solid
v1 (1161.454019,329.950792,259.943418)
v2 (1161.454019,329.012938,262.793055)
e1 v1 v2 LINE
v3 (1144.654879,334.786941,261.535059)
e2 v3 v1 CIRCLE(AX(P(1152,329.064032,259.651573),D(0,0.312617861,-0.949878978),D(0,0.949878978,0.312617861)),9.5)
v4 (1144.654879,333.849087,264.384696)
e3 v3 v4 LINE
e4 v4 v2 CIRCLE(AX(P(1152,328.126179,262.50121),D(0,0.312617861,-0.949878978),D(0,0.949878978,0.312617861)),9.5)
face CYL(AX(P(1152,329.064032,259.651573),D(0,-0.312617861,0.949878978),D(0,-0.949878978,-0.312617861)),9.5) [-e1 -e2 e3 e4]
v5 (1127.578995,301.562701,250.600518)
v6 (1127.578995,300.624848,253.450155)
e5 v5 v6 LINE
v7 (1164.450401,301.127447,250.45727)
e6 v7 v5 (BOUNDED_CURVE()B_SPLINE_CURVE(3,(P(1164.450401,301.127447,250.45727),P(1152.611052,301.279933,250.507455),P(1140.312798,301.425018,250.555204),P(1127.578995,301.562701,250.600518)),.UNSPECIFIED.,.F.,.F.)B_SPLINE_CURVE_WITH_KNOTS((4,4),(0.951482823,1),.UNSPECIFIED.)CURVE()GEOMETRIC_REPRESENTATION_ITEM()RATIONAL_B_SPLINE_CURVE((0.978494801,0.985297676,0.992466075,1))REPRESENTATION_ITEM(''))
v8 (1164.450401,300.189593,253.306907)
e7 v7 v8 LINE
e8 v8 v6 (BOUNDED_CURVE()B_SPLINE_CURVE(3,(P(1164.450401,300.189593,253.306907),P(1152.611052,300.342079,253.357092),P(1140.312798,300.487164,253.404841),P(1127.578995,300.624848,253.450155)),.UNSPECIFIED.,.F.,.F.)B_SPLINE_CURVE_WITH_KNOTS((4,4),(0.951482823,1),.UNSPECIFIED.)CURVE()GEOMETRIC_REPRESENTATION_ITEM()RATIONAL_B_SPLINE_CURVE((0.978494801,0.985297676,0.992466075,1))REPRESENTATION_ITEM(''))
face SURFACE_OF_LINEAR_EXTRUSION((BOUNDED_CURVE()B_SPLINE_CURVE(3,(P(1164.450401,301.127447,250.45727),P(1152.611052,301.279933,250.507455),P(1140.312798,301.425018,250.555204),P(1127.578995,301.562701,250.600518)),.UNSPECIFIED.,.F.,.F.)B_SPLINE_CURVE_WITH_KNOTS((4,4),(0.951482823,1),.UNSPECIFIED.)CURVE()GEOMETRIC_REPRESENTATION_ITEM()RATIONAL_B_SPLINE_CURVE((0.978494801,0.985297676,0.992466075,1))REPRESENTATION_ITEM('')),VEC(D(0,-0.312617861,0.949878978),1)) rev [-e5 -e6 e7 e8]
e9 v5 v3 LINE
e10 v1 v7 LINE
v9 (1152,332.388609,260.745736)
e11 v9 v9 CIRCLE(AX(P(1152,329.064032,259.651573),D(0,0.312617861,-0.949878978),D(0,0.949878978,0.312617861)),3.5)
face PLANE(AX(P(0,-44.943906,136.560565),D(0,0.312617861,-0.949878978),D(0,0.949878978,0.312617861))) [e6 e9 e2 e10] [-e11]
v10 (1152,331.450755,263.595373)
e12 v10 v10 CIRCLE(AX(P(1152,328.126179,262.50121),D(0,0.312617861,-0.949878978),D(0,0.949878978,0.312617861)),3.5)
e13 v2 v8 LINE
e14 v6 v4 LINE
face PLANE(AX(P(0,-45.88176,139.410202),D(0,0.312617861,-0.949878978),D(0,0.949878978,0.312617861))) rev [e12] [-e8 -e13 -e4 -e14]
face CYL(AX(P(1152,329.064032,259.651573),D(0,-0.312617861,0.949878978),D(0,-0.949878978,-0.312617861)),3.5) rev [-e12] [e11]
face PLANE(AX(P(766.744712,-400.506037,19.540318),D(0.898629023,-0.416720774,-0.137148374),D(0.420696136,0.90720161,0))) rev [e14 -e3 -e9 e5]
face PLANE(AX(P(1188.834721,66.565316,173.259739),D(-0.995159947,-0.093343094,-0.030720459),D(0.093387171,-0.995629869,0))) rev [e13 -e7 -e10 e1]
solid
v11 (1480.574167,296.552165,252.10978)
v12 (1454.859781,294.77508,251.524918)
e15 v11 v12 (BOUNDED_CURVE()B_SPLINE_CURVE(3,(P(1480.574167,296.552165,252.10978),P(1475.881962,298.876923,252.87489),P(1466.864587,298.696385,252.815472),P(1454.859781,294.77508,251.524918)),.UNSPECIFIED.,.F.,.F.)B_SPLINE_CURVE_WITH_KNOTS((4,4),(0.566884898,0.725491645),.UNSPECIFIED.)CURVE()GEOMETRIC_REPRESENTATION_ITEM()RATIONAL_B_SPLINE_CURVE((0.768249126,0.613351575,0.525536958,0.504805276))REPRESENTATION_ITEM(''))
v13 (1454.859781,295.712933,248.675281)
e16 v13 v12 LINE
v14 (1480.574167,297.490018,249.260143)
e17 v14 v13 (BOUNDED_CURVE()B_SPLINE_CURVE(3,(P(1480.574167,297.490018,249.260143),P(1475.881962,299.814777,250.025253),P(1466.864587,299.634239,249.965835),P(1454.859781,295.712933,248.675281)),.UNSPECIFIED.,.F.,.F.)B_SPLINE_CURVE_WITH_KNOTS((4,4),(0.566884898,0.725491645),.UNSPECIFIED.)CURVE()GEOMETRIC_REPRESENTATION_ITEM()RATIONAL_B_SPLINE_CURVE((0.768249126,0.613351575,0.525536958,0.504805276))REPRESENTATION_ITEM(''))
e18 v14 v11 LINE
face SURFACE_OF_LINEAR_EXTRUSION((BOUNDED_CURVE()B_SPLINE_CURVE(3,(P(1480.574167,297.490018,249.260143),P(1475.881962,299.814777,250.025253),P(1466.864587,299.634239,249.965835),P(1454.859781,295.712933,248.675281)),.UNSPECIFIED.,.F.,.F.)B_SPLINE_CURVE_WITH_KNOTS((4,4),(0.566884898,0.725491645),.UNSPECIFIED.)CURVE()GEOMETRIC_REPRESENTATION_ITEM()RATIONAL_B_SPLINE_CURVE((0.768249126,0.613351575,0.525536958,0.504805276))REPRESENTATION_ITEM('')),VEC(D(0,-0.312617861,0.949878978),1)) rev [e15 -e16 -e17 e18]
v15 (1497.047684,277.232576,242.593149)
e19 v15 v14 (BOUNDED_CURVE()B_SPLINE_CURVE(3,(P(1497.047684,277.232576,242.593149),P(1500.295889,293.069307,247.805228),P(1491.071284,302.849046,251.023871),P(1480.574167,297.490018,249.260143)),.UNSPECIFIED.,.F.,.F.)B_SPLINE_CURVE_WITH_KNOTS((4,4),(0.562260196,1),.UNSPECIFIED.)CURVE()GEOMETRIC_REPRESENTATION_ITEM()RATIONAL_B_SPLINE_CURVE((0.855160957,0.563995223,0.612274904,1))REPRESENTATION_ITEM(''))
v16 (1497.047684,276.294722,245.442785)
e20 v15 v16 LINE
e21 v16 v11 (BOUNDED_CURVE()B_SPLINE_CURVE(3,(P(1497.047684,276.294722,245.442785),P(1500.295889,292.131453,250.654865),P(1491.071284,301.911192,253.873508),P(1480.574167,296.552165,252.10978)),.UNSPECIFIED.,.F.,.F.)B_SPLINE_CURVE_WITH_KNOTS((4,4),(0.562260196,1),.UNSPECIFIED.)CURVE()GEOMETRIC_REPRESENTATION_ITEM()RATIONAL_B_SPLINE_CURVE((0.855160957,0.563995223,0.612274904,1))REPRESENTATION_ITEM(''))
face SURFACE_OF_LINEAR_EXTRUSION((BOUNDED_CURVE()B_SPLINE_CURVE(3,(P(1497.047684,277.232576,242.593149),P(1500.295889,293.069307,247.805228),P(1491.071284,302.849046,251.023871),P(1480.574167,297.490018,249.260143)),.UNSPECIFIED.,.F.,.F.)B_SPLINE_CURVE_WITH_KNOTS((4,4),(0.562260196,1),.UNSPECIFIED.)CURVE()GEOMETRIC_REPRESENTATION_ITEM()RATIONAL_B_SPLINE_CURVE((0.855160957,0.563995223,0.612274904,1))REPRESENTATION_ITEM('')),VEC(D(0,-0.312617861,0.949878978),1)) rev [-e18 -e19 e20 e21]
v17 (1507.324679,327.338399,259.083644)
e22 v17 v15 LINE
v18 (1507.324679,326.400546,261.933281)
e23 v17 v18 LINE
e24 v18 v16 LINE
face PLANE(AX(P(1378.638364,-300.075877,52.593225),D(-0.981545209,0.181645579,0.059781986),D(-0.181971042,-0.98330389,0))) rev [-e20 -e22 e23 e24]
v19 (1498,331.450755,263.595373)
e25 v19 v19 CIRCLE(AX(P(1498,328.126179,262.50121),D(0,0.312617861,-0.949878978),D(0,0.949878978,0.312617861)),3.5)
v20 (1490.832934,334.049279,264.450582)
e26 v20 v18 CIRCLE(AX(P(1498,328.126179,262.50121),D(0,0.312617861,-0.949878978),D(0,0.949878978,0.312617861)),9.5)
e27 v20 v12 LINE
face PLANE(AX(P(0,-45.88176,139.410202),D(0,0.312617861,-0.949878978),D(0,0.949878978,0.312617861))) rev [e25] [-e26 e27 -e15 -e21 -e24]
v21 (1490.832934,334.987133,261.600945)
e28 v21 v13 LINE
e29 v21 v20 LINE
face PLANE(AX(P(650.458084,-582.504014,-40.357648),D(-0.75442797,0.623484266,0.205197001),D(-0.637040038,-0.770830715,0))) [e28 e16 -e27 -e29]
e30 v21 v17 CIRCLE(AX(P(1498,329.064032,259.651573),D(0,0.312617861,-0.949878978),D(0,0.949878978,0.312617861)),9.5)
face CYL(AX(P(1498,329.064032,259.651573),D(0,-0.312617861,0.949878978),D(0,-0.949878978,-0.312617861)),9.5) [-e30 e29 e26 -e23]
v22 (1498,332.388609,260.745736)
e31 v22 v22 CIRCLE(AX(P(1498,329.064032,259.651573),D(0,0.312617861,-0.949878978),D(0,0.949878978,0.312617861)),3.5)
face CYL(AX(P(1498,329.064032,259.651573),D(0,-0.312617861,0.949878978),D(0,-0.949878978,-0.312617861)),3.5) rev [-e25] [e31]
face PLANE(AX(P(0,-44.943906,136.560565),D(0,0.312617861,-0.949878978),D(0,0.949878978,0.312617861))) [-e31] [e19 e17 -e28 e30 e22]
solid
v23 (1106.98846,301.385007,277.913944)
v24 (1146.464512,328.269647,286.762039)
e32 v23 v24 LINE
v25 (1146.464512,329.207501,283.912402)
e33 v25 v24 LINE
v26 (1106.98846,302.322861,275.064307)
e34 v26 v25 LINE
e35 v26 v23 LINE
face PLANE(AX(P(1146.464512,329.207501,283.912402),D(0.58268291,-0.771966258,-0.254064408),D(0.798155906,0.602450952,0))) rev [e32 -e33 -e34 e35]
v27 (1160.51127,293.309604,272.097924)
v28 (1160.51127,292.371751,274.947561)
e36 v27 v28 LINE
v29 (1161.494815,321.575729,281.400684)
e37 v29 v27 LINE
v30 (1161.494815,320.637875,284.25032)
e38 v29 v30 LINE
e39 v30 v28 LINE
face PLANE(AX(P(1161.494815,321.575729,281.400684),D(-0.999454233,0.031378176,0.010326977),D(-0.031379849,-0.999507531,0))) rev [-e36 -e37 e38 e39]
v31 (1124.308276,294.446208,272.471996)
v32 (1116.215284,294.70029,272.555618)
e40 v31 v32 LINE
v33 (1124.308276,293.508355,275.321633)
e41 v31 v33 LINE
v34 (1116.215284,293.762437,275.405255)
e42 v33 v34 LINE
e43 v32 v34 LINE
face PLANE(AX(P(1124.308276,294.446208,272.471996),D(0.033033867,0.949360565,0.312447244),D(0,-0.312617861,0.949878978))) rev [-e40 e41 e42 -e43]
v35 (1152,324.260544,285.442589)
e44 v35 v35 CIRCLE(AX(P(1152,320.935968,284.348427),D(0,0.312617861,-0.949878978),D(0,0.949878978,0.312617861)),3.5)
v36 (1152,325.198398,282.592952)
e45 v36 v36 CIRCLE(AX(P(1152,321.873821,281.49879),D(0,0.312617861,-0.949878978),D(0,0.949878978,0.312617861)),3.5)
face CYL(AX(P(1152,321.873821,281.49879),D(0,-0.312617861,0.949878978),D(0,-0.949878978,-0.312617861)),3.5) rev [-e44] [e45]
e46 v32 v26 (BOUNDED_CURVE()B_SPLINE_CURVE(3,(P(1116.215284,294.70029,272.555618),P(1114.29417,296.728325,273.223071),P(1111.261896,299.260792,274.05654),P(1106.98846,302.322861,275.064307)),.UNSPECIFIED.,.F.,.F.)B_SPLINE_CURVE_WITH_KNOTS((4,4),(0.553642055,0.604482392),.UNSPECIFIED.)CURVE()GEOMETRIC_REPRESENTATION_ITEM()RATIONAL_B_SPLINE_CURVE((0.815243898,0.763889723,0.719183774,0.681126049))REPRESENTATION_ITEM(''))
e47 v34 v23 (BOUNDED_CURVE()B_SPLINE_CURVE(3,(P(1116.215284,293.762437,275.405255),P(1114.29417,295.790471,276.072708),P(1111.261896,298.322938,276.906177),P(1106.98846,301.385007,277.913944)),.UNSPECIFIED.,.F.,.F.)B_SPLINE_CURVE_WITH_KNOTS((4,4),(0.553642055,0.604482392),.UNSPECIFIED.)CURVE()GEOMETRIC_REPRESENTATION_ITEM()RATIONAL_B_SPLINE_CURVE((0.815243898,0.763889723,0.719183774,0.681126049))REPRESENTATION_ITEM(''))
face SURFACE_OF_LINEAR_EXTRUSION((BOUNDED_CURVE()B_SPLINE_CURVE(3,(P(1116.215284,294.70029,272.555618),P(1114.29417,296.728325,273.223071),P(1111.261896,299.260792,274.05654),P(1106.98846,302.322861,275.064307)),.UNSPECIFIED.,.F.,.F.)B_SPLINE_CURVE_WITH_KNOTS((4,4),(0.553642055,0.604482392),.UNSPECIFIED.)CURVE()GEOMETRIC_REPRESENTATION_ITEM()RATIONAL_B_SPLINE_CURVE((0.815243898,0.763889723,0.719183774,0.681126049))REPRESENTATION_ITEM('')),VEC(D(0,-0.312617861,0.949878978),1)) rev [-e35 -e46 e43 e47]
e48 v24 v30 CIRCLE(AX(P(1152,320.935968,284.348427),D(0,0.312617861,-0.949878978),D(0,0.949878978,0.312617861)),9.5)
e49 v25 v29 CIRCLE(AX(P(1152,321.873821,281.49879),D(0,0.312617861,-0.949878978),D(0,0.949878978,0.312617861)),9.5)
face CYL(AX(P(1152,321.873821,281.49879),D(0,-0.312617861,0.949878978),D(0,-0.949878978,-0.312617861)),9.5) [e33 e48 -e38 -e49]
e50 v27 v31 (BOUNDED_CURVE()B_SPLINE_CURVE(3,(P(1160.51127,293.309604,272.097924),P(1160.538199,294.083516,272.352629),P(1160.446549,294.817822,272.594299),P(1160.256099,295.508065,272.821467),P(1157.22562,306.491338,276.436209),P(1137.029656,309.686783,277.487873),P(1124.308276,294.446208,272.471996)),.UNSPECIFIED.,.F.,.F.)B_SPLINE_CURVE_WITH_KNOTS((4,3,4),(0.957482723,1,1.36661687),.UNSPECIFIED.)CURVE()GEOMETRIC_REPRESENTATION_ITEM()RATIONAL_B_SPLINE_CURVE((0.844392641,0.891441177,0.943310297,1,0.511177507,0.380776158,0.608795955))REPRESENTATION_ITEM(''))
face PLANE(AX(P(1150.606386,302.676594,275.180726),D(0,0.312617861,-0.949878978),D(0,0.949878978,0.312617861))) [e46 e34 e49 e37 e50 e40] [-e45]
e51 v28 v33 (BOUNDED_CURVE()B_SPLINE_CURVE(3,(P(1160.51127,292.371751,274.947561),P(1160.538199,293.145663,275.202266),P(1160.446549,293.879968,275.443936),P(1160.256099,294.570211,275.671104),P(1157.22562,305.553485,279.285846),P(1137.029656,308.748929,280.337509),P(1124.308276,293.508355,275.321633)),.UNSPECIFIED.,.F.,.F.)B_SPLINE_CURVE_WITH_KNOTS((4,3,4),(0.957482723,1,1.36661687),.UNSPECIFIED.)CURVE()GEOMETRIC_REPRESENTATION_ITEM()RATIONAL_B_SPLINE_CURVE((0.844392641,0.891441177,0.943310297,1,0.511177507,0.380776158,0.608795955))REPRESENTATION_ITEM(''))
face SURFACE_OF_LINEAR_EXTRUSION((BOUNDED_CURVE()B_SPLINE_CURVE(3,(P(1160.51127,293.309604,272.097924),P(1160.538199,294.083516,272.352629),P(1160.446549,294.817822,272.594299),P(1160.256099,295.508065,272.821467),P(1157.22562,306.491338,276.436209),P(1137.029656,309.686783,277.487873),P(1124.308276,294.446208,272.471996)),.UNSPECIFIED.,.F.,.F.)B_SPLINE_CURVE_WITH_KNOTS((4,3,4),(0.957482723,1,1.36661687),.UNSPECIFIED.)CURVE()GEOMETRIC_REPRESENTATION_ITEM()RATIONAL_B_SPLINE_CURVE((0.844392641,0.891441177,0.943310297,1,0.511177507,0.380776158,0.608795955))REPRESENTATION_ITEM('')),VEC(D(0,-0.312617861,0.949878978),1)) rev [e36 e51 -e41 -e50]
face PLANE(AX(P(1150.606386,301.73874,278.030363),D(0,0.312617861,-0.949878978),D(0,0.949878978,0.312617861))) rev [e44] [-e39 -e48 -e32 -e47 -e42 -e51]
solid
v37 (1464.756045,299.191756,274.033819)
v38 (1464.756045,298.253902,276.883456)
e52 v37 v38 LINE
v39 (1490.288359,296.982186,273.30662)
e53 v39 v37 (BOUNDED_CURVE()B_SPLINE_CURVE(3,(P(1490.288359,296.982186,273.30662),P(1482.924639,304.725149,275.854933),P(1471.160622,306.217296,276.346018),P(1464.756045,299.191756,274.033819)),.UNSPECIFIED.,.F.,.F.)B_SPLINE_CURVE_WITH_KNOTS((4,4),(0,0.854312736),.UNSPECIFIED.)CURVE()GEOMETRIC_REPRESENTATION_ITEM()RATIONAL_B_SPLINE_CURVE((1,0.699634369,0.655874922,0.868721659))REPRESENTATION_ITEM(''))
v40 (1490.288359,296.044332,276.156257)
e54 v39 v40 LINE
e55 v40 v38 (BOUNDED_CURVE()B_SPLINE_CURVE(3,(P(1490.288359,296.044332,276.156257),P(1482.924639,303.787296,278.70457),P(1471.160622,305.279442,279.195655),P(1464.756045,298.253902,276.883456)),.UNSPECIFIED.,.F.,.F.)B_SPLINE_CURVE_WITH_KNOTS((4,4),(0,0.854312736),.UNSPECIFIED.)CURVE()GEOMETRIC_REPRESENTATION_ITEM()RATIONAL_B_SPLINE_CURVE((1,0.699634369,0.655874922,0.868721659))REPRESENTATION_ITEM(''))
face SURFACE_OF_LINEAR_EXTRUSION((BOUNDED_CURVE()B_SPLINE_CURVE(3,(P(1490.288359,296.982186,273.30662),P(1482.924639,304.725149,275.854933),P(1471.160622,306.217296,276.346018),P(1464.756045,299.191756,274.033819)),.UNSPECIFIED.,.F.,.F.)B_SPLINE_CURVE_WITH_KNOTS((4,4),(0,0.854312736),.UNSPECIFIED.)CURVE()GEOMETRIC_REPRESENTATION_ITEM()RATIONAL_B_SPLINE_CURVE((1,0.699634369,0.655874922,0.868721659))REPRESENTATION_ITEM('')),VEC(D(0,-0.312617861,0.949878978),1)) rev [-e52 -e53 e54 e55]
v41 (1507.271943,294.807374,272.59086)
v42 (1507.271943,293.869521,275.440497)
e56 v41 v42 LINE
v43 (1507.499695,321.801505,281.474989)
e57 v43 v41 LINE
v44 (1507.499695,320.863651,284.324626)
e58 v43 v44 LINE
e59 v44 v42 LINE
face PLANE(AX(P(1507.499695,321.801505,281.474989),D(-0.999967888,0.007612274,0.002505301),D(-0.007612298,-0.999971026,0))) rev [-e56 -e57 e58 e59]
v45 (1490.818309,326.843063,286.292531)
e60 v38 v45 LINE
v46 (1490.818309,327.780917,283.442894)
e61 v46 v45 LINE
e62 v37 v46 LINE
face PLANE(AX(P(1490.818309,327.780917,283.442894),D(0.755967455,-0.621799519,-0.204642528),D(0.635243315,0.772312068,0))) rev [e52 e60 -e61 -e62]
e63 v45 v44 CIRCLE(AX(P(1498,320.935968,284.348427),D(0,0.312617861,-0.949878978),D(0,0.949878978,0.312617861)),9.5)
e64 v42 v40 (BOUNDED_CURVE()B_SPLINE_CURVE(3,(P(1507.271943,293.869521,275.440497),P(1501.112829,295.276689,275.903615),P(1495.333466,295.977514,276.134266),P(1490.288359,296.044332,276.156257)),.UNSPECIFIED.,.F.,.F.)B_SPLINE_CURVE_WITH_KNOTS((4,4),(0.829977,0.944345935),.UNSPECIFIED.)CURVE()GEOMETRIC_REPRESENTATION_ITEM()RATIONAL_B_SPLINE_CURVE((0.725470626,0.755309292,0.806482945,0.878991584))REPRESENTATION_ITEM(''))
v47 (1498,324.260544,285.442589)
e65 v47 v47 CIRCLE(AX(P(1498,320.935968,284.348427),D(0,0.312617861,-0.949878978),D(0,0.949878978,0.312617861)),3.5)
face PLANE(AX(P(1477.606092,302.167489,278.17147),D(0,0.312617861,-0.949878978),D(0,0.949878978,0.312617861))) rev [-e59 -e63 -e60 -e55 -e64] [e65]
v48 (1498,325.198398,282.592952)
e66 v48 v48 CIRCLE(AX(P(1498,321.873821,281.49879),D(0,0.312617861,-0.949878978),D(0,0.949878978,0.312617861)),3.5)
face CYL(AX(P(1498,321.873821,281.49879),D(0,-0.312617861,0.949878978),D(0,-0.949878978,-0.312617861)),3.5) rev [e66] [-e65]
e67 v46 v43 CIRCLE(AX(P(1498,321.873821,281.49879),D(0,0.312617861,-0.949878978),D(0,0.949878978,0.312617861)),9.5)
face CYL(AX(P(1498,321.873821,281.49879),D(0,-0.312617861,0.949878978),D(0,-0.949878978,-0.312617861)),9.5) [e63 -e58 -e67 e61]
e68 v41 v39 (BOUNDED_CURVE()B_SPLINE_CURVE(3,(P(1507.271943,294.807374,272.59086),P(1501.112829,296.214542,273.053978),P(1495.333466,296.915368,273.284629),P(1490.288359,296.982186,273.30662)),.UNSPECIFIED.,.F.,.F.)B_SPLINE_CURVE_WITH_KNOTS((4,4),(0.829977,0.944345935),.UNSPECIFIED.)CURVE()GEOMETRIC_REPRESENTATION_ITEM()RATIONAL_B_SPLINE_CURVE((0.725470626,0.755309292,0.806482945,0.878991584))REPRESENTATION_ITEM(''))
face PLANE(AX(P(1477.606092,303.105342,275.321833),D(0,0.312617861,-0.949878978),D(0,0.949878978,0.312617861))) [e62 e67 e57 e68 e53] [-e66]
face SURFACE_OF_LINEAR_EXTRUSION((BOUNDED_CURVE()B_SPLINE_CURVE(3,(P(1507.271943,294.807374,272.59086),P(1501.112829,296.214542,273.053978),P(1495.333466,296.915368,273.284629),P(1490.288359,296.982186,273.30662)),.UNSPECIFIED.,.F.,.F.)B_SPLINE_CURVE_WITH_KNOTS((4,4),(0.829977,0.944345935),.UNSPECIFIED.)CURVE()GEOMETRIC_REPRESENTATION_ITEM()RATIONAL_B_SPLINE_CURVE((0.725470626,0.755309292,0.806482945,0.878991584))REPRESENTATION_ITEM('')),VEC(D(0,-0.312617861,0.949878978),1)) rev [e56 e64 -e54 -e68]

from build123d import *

# Parameters (mm, degrees)
SZKIC1_R                      = 3.5
DODANIE_WYCI_GNI_CIE1_DEPTH   = 3
DODANIE_WYCI_GNI_CIE1_2_DEPTH = 3
SZKIC2_R                      = 3.5
DODANIE_WYCI_GNI_CIE2_DEPTH   = 3
DODANIE_WYCI_GNI_CIE2_2_DEPTH = 3


with BuildPart() as part:
    # Szkic1 → Dodanie-wyciągnięcie1 (new body)
    with BuildSketch(Plane(origin=(0, -45.881759644, 139.410201522), x_dir=(-1, 0, 0), z_dir=(0, 0.312617861, -0.949878978))):
        with BuildLine():
            Line((-1507.324679486, 391.926038808), (-1497.047683756, 339.176346736))
            add(Edge.make_bspline(
                [(-1497.047683756, 339.176346736), (-1500.295889417, 355.848714116), (-1491.071283731, 366.144487415), (-1480.574167069, 360.502687303)],
                knots=[0.562260196, 0.562260196, 0.562260196, 0.562260196, 1, 1, 1, 1], degree=3, weights=[0.855160957, 0.563995223, 0.612274904, 1]))
            add(Edge.make_bspline(
                [(-1480.574167069, 360.502687303), (-1475.881961605, 362.950113366), (-1466.864587333, 362.760048919), (-1454.859781154, 358.631833208)],
                knots=[0.566884898, 0.566884898, 0.566884898, 0.566884898, 0.725491645, 0.725491645, 0.725491645, 0.725491645], degree=3, weights=[0.768249126, 0.613351575, 0.525536958, 0.504805276]))
            Line((-1454.859781154, 358.631833208), (-1490.832934288, 399.978363049))
            ThreePointArc((-1490.832934288, 399.978363049), (-1502.168189741, 402.279481514), (-1507.324679486, 391.926038808))
        make_face()
        with Locations((-1497.999999998, 393.742726025)):
            Circle(SZKIC1_R, mode=Mode.SUBTRACT)
    extrude(amount=DODANIE_WYCI_GNI_CIE1_DEPTH)


with BuildPart() as body_2:
    # Szkic1 → Dodanie-wyci_gni_cie1 2 (new body)
    with BuildSketch(Plane(origin=(0, -45.881759644, 139.410201522), x_dir=(-1, 0, 0), z_dir=(0, 0.312617861, -0.949878978))):
        with BuildLine():
            Line((-1161.454019497, 394.676275891), (-1164.450401157, 364.332047192))
            add(Edge.make_bspline(
                [(-1164.450401157, 364.332047192), (-1152.611051852, 364.492579355), (-1140.312798139, 364.64531969), (-1127.578994798, 364.790268273)],
                knots=[0.951482823, 0.951482823, 0.951482823, 0.951482823, 1, 1, 1, 1], degree=3, weights=[0.978494801, 0.985297676, 0.992466075, 1]))
            Line((-1127.578994798, 364.790268273), (-1144.654879263, 399.767607879))
            ThreePointArc((-1144.654879263, 399.767607879), (-1154.755409017, 402.834355205), (-1161.454019497, 394.676275891))
        make_face()
        with Locations((-1152, 393.742726025)):
            Circle(SZKIC1_R, mode=Mode.SUBTRACT)
    extrude(amount=DODANIE_WYCI_GNI_CIE1_2_DEPTH)


with BuildPart() as body_3:
    # Szkic2 → Dodanie-wyciągnięcie2 (new body)
    with BuildSketch(Plane(origin=(0, -53.071970442, 161.257418019), x_dir=(-1, 0, 0), z_dir=(0, 0.312617861, -0.949878978))):
        with BuildLine():
            Line((-1146.464512352, 401.463372144), (-1106.988460457, 373.160145407))
            add(Edge.make_bspline(
                [(-1116.21528424, 365.135364776), (-1114.294169782, 367.270410001), (-1111.261896249, 369.936504078), (-1106.988460457, 373.160145407)],
                knots=[0.553642055, 0.553642055, 0.553642055, 0.553642055, 0.604482392, 0.604482392, 0.604482392, 0.604482392], degree=3, weights=[0.815243898, 0.763889723, 0.719183774, 0.681126049]))
            Line((-1116.21528424, 365.135364776), (-1124.308276373, 364.867875963))
            add(Edge.make_bspline(
                [(-1160.511269619, 363.671298048), (-1160.5381986, 364.486046247), (-1160.446549462, 365.259098088), (-1160.25609924, 365.985762148), (-1157.225619941, 377.548575622), (-1137.029655801, 380.912629744), (-1124.308276373, 364.867875963)],
                knots=[0.957482723, 0.957482723, 0.957482723, 0.957482723, 1, 1, 1, 1.36661687, 1.36661687, 1.36661687, 1.36661687], degree=3, weights=[0.844392641, 0.891441177, 0.943310297, 1, 0.511177507, 0.380776158, 0.608795955]))
            Line((-1160.511269619, 363.671298048), (-1161.494815212, 393.428904288))
            ThreePointArc((-1161.494815212, 393.428904288), (-1156.478530687, 402.120838156), (-1146.464512352, 401.463372144))
        make_face()
        with Locations((-1152, 393.742726025)):
            Circle(SZKIC2_R, mode=Mode.SUBTRACT)
    extrude(amount=DODANIE_WYCI_GNI_CIE2_DEPTH)


with BuildPart() as body_4:
    # Szkic2 → Dodanie-wyci_gni_cie2 2 (new body)
    with BuildSketch(Plane(origin=(0, -53.071970442, 161.257418019), x_dir=(-1, 0, 0), z_dir=(0, 0.312617861, -0.949878978))):
        with BuildLine():
            Line((-1490.818309173, 399.961513437), (-1464.75604489, 369.863825275))
            add(Edge.make_bspline(
                [(-1490.288359321, 367.537665914), (-1482.924639067, 375.68919221), (-1471.160621906, 377.260072958), (-1464.75604489, 369.863825275)],
                knots=[0, 0, 0, 0, 0.854312736, 0.854312736, 0.854312736, 0.854312736], degree=3, weights=[1, 0.699634369, 0.655874922, 0.868721659]))
            add(Edge.make_bspline(
                [(-1507.271943481, 365.248099091), (-1501.112829495, 366.729517203), (-1495.333465921, 367.467322117), (-1490.288359321, 367.537665914)],
                knots=[0.829977, 0.829977, 0.829977, 0.829977, 0.944345935, 0.944345935, 0.944345935, 0.944345935], degree=3, weights=[0.725470626, 0.755309292, 0.806482945, 0.878991584]))
            Line((-1507.271943481, 365.248099091), (-1507.499694933, 393.666593585))
            ThreePointArc((-1507.499694933, 393.666593585), (-1501.354070622, 402.630932269), (-1490.818309173, 399.961513437))
        make_face()
        with Locations((-1497.999999998, 393.742726025)):
            Circle(SZKIC2_R, mode=Mode.SUBTRACT)
    extrude(amount=DODANIE_WYCI_GNI_CIE2_2_DEPTH)


solid = Compound([part.part, body_2.part, body_3.part, body_4.part])
